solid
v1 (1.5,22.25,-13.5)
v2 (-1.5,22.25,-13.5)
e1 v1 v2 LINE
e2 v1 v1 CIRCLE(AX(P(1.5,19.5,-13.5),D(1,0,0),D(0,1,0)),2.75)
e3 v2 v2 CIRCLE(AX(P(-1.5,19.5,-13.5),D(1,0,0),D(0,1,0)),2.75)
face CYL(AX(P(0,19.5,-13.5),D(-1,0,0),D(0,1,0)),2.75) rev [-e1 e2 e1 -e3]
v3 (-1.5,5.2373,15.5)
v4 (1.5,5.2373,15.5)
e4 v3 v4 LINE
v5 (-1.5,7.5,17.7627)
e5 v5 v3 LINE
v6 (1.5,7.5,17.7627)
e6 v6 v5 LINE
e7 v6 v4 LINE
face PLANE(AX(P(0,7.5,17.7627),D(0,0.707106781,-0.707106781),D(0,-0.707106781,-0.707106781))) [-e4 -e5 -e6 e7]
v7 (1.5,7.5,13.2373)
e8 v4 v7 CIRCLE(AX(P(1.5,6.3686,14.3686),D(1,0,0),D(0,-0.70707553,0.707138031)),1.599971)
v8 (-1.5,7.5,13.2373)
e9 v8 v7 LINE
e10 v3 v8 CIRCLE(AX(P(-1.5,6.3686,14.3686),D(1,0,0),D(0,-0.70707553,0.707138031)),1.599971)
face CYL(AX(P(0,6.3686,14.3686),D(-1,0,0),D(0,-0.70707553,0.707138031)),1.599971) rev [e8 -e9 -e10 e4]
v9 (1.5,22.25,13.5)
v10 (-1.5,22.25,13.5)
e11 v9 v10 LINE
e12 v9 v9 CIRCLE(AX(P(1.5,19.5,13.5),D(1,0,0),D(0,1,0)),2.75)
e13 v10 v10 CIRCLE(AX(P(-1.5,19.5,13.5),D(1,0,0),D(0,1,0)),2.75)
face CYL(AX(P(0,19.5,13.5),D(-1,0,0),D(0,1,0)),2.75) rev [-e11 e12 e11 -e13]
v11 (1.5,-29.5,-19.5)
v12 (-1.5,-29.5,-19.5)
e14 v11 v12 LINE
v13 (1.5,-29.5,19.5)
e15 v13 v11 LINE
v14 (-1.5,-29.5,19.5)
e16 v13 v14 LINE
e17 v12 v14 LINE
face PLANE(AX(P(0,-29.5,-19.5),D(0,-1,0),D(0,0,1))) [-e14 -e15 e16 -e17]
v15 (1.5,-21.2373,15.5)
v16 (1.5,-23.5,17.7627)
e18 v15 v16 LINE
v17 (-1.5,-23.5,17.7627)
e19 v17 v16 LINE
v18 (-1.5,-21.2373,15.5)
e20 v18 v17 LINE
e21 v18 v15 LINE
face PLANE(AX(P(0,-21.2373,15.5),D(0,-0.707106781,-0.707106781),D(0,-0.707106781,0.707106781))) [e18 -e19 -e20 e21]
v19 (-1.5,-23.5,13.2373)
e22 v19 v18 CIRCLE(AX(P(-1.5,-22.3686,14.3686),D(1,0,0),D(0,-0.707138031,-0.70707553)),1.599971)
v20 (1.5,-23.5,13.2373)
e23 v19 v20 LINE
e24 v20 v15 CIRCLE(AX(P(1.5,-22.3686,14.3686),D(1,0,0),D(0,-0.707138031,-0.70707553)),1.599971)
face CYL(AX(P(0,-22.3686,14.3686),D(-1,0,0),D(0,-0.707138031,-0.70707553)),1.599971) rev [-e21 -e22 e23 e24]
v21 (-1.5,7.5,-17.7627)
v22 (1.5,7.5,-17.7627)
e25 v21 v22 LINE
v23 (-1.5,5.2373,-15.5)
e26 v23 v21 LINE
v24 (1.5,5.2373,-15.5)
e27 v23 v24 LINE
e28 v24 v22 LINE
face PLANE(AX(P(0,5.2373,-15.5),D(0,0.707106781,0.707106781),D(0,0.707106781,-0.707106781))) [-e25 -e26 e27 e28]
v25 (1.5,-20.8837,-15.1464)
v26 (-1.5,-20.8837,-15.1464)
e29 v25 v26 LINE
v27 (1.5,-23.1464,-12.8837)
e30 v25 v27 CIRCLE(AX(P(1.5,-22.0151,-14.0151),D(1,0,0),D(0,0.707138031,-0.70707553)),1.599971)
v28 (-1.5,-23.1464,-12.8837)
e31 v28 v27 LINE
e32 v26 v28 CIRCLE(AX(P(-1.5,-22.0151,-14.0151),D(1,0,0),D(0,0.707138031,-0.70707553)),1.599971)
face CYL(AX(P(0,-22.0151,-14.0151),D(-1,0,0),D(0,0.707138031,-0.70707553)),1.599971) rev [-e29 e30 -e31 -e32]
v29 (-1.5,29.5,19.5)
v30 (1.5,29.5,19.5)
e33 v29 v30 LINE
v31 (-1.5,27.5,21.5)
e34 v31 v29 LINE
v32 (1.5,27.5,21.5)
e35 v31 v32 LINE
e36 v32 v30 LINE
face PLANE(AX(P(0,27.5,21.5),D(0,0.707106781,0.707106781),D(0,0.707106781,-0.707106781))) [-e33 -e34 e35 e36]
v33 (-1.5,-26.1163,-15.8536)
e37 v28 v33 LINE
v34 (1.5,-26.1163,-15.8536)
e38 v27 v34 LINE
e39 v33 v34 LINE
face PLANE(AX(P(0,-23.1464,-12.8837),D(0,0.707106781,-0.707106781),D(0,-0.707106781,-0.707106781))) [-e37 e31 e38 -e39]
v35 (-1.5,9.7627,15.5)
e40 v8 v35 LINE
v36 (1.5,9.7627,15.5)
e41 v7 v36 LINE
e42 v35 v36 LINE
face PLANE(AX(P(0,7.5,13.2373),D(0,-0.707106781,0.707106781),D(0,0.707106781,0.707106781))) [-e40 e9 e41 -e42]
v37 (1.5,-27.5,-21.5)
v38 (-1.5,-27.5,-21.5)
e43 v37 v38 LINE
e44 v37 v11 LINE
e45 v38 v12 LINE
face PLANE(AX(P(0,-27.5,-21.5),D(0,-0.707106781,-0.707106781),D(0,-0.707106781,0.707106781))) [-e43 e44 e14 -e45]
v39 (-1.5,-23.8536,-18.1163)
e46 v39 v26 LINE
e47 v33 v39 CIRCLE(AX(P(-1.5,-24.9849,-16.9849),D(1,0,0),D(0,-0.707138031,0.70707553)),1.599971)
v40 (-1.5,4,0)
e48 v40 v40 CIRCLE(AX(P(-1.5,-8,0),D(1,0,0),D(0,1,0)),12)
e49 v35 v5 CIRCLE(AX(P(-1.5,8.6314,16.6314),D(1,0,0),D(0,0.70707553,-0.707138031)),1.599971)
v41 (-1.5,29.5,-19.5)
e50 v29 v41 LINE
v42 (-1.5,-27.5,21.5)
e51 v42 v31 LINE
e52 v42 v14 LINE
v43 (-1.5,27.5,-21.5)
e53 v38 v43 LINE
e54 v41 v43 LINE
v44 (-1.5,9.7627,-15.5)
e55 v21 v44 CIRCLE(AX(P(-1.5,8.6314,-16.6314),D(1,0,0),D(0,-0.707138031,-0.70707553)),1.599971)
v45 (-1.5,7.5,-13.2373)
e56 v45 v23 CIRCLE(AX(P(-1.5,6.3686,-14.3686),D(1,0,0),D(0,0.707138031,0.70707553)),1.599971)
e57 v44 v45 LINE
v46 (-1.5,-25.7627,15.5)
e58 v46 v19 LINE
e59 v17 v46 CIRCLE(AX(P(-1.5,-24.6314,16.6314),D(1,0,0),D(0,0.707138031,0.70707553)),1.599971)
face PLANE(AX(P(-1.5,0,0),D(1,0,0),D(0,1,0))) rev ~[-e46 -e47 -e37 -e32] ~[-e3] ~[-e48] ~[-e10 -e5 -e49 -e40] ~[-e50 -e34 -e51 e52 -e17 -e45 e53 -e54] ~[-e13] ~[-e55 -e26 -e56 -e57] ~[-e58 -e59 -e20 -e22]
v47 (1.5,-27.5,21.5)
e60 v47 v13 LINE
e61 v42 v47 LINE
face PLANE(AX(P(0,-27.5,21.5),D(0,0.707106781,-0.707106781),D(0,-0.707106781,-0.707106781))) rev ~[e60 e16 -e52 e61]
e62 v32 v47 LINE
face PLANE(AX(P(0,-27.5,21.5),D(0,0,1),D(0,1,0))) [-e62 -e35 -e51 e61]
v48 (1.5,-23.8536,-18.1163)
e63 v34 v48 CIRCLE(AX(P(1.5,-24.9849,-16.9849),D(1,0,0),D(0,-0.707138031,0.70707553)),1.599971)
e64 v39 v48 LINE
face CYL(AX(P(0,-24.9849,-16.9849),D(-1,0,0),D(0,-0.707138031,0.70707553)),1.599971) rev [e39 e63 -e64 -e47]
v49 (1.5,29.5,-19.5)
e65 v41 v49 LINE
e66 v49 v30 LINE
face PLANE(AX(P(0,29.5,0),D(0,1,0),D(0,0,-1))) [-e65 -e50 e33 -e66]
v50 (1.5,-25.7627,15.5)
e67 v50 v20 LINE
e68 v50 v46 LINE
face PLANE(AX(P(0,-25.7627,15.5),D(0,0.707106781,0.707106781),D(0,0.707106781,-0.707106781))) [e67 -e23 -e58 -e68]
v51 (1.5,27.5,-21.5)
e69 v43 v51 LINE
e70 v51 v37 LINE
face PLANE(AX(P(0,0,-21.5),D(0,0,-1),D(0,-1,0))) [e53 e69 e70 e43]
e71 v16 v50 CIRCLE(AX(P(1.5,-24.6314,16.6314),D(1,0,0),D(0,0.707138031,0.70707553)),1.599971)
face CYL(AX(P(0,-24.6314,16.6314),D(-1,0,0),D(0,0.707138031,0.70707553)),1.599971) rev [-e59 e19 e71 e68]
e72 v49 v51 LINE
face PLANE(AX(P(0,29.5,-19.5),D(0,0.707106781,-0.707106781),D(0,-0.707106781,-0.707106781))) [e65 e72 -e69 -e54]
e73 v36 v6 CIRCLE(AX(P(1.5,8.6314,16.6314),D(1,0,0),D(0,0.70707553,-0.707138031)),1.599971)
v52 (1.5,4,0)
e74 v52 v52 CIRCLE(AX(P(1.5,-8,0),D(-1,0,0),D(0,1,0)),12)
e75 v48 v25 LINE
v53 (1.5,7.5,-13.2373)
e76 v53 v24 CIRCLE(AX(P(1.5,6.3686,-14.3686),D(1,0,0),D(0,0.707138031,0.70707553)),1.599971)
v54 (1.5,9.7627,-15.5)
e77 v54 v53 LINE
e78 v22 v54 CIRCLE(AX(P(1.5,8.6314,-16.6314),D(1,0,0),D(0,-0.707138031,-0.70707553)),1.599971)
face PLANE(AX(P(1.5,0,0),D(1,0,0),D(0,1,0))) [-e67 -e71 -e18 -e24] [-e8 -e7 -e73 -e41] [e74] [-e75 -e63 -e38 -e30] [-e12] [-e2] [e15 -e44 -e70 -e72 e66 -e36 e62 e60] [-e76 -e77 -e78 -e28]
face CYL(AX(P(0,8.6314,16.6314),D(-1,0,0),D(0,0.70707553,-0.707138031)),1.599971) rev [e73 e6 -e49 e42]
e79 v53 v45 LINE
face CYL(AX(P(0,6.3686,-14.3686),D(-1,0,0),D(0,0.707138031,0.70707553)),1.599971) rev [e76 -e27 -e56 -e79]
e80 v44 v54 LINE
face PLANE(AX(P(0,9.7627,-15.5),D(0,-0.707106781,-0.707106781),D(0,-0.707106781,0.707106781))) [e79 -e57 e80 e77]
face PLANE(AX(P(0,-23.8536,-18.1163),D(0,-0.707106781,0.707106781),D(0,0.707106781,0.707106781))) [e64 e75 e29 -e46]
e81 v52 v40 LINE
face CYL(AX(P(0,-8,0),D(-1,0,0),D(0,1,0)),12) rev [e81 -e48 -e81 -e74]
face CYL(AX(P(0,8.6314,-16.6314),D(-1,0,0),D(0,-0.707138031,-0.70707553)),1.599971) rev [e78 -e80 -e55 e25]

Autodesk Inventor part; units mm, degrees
ref_plane "YZ Plane" through (0, 0, 0) normal (1, 0, 0) x (0, 1, 0)
ref_plane "XZ Plane" through (0, 0, 0) normal (0, 1, 0) x (-1, 0, 0)
ref_plane "XY Plane" through (0, 0, 0) normal (0, 0, 1) x (1, 0, 0)
sketch "Skizze1" plane through (0, 0, 0) normal (1, 0, 0) x (0, 1, 0)
  line L0 (0, -30.1) -> (0, 30.1) projected
  line L1 (-41.3, 0) -> (41.3, 0) projected
  line L2 (-27.5, 21.5) -> (27.5, 21.5)
  line L3 (29.5, 19.5) -> (29.5, -19.5)
  line L4 (27.5, -21.5) -> (-27.5, -21.5)
  line L5 (-29.5, -19.5) -> (-29.5, 19.5)
  circle A0 centre (19.5, 13.5) radius 2.75
  circle A1 centre (19.5, -13.5) radius 2.75
  line L6 (27.5, 21.5) -> (29.5, 19.5)
  line L7 (29.5, -19.5) -> (27.5, -21.5)
  line L8 (-27.5, 21.5) -> (-29.5, 19.5)
  line L9 (-27.5, -21.5) -> (-29.5, -19.5)
  line L10 (8.6314, 16.6314) -> (6.3686, 14.3686) construction
  line L11 (7.5, 17.7627) -> (5.2373, 15.5)
  line L12 (7.5, 13.2373) -> (9.7627, 15.5)
  arc A2 (9.7627, 15.5) -> (7.5, 17.7627) centre (8.6314, 16.6314) ccw
  arc A3 (5.2373, 15.5) -> (7.5, 13.2373) centre (6.3686, 14.3686) ccw
  line L13 (-24.6314, 16.6314) -> (-22.3686, 14.3686) construction
  line L14 (-25.7627, 15.5) -> (-23.5, 13.2373)
  line L15 (-21.2373, 15.5) -> (-23.5, 17.7627)
  arc A4 (-23.5, 17.7627) -> (-25.7627, 15.5) centre (-24.6314, 16.6314) ccw
  arc A5 (-23.5, 13.2373) -> (-21.2373, 15.5) centre (-22.3686, 14.3686) ccw
  line L16 (8.6314, -16.6314) -> (6.3686, -14.3686) construction
  line L17 (9.7627, -15.5) -> (7.5, -13.2373)
  line L18 (5.2373, -15.5) -> (7.5, -17.7627)
  arc A6 (7.5, -17.7627) -> (9.7627, -15.5) centre (8.6314, -16.6314) ccw
  arc A7 (7.5, -13.2373) -> (5.2373, -15.5) centre (6.3686, -14.3686) ccw
  line L19 (-23.4997, -15.4997) -> (-23.5003, -15.5003) construction
  line L20 (-25.3683, -16.631) -> (-25.369, -16.6317)
  line L21 (-27.6317, -14.369) -> (-27.631, -14.3683)
  line L22 (-24.9849, -16.9849) -> (-22.0151, -14.0151) construction
  line L23 (-23.8536, -18.1163) -> (-20.8837, -15.1464)
  line L24 (-23.1464, -12.8837) -> (-26.1163, -15.8536)
  arc A8 (-26.1163, -15.8536) -> (-23.8536, -18.1163) centre (-24.9849, -16.9849) ccw
  arc A9 (-20.8837, -15.1464) -> (-23.1464, -12.8837) centre (-22.0151, -14.0151) ccw
  circle A10 centre (-8, 0) radius 12
  point P0 (0, 0)
  point P1 (-29.5, 21.5)
  point P2 (29.5, -21.5)
  point P3 (29.5, 21.5)
  point P4 (-29.5, -21.5)
  point P5 (7.5, 15.5)
  point P6 (-23.5, 15.5)
  point P7 (7.5, -15.5)
  point P8 (-23.5, -15.5)
  dimension "d0" = 59
  dimension "d1" = 43
  dimension "d2" = 5.5
  dimension "d3" = 10
  dimension "d4" = 8
  dimension "d14" = 2
  dimension "d15" = 2
  dimension "d16" = 2
  dimension "d17" = 2
  dimension "d18" = 2
  dimension "d19" = 2
  dimension "d20" = 2
  dimension "d21" = 2
  dimension "d22" = 3.2
  dimension "d23" = 3.2
  dimension "d24" = 3.2
  dimension "d26" = 6
  dimension "d27" = 31
  dimension "d28" = 31
  dimension "d31" = 2.1
  dimension "d32" = 3.2
  dimension "d35" = 24
  dimension "d36" = 15.5
extrude "Extrusion4" add sketch "Skizze1" along normal mid plane 3 contours L4 L9 L5 L1 A10 L0 | L0 A10 L1 L3 L7 L4 | L1 L5 L8 L2 L0 A10 | A10 L0 L2 L6 L3 L1
equation "\"d15\" = d14"
equation "\"d16\" = d14"
equation "\"d17\" = d16"
equation "\"d18\" = d14"
equation "\"d19\" = d18"
equation "\"d20\" = d14"
equation "\"d21\" = d20"
properties part number "Nema17_Montageplatte_Z-Achse" material "Aluminium 6061"
